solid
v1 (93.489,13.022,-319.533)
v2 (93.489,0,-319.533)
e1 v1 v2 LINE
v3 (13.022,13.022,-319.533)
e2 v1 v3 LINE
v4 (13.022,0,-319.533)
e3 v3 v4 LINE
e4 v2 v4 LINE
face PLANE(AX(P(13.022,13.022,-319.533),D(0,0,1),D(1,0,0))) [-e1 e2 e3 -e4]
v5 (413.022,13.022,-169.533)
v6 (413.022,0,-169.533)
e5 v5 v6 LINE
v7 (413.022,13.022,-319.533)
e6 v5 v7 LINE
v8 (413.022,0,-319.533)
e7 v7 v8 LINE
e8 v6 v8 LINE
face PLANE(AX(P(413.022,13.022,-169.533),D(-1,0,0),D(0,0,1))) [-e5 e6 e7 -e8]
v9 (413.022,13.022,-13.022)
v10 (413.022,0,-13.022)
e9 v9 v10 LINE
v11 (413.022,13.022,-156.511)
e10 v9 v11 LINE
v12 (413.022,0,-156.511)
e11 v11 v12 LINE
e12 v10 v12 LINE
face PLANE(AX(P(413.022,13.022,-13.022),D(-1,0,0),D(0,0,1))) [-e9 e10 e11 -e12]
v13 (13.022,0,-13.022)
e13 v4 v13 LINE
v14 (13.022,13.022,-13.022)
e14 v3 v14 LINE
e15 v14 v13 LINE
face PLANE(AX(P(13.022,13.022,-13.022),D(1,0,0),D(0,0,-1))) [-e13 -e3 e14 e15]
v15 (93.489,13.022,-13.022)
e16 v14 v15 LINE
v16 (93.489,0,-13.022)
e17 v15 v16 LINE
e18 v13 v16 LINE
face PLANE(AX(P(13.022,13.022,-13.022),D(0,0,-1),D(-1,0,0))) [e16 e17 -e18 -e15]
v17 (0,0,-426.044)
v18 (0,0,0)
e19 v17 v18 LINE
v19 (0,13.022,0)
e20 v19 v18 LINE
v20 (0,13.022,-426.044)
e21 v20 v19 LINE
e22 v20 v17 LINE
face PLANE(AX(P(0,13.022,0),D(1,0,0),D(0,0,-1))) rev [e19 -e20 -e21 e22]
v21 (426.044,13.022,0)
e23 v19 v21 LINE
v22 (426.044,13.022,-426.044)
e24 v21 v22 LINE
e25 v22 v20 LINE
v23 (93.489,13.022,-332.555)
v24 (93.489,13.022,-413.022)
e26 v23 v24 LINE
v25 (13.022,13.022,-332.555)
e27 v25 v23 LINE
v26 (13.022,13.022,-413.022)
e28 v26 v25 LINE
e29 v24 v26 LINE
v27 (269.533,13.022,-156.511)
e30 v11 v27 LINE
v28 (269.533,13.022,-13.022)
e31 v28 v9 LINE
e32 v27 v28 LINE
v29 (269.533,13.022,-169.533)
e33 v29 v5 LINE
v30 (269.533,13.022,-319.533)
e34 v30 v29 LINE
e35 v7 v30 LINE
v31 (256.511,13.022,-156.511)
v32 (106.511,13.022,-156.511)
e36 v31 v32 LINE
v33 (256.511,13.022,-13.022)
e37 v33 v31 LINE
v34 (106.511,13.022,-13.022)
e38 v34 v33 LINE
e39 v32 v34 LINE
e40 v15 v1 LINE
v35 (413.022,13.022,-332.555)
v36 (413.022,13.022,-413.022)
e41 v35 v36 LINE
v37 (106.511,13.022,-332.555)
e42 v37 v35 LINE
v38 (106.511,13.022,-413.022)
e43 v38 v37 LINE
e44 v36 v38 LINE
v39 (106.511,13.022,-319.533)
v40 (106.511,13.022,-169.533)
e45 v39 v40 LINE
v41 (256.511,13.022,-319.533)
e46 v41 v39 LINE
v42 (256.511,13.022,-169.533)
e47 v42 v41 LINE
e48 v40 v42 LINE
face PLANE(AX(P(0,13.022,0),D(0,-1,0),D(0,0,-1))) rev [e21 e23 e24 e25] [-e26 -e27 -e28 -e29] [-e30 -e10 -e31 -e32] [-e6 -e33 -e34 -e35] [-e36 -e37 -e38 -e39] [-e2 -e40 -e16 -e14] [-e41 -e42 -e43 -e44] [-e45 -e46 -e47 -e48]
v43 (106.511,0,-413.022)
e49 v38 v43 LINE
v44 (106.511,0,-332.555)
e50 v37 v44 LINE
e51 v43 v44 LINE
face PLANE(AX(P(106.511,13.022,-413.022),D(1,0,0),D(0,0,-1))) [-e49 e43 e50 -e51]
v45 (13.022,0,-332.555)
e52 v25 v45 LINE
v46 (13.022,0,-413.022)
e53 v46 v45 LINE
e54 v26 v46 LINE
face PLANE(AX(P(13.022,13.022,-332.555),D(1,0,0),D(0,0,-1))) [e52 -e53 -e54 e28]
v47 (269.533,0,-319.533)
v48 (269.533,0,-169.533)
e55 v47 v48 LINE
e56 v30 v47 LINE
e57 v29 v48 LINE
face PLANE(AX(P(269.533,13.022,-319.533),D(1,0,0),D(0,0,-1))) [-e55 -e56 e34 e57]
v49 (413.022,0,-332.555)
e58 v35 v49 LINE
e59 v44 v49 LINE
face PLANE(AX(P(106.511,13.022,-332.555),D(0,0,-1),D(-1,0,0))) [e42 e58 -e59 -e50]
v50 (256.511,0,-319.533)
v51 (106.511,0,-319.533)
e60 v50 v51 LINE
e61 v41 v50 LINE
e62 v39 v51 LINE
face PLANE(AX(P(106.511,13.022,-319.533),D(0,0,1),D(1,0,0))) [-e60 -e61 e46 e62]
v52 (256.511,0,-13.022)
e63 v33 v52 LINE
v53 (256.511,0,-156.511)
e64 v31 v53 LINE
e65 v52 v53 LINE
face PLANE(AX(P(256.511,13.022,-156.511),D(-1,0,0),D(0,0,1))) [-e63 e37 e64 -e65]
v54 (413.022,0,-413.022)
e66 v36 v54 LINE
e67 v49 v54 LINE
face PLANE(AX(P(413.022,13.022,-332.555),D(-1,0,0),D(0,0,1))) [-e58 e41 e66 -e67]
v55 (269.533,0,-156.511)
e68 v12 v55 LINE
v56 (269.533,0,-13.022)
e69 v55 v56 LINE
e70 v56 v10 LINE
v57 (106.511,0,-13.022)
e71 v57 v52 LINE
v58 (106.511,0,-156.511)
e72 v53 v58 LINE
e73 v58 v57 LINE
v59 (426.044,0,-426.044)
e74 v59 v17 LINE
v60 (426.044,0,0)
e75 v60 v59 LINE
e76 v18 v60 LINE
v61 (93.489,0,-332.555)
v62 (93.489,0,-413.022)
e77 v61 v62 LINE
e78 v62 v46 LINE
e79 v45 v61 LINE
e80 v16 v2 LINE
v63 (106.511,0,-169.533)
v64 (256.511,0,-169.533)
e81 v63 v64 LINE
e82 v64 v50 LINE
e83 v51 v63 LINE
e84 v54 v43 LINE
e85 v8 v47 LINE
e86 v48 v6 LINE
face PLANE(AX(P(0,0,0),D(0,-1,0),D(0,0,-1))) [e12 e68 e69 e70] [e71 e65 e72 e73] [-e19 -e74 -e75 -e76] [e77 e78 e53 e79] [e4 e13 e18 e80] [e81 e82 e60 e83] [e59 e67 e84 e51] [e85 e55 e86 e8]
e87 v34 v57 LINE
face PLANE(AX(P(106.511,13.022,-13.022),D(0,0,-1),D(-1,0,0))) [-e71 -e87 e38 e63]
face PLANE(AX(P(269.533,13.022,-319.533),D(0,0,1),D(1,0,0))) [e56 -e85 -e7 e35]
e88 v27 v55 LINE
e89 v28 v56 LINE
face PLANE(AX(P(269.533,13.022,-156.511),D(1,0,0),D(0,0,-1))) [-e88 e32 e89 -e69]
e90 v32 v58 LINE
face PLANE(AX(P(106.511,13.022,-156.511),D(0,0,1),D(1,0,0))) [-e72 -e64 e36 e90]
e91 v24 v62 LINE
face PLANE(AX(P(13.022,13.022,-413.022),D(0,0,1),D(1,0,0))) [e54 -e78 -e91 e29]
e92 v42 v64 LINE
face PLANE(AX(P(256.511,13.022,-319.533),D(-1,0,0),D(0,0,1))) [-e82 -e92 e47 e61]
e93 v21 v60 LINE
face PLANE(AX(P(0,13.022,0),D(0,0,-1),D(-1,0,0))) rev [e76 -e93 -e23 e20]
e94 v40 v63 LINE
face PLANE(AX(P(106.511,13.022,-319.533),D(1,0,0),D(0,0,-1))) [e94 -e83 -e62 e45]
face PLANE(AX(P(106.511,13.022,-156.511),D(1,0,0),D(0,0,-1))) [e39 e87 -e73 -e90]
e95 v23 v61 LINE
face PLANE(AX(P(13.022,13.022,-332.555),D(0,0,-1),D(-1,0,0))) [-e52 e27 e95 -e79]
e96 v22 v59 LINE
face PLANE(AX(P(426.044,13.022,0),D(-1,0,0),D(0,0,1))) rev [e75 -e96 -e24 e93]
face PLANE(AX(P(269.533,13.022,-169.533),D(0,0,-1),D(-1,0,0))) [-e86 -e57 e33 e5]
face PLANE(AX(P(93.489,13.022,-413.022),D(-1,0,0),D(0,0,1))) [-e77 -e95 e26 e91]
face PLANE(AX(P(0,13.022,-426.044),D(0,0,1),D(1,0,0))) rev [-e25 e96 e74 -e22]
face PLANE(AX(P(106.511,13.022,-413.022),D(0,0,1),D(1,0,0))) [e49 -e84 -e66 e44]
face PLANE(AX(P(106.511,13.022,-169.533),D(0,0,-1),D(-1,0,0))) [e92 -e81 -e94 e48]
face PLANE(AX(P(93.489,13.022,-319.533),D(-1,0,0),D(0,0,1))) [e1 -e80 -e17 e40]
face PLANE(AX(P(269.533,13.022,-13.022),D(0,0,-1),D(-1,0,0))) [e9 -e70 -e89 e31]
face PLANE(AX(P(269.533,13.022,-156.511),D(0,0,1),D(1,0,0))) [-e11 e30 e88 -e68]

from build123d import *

# Parameters (mm, degrees)
SKETCH2_W           = 426.044
SKETCH2_H           = 426.044
SKETCH2_W_2         = 80.467
SKETCH2_H_2         = 306.511
SKETCH2_H_3         = 80.467
SKETCH2_W_3         = 143.489
SKETCH2_H_4         = 143.489
SKETCH2_W_4         = 306.511
SKETCH2_W_5         = 150
SKETCH2_H_5         = 150
BOSS_EXTRUDE1_DEPTH = 13.022


with BuildPart() as part:
    # Sketch2 → Boss-Extrude1 (new body)
    with BuildSketch(Plane(origin=(0, 0, 0), x_dir=(1, 0, 0), z_dir=(0, 1, 0))):
        with Locations((213.022, 213.022)):
            Rectangle(SKETCH2_W, SKETCH2_H)
        with Locations((53.2555, 166.2775)):
            Rectangle(SKETCH2_W_2, SKETCH2_H_2, mode=Mode.SUBTRACT)
        with Locations((53.2555, 372.7885)):
            Rectangle(SKETCH2_W_2, SKETCH2_H_3, mode=Mode.SUBTRACT)
        with Locations((341.2775, 84.7665)):
            Rectangle(SKETCH2_W_3, SKETCH2_H_4, mode=Mode.SUBTRACT)
        with Locations((259.7665, 372.7885)):
            Rectangle(SKETCH2_W_4, SKETCH2_H_3, mode=Mode.SUBTRACT)
        with Locations((181.511, 84.7665)):
            Rectangle(SKETCH2_W_5, SKETCH2_H_4, mode=Mode.SUBTRACT)
        with Locations((181.511, 244.533)):
            Rectangle(SKETCH2_W_5, SKETCH2_H_5, mode=Mode.SUBTRACT)
        with Locations((341.2775, 244.533)):
            Rectangle(SKETCH2_W_3, SKETCH2_H_5, mode=Mode.SUBTRACT)
    extrude(amount=BOSS_EXTRUDE1_DEPTH)


solid = part.part
